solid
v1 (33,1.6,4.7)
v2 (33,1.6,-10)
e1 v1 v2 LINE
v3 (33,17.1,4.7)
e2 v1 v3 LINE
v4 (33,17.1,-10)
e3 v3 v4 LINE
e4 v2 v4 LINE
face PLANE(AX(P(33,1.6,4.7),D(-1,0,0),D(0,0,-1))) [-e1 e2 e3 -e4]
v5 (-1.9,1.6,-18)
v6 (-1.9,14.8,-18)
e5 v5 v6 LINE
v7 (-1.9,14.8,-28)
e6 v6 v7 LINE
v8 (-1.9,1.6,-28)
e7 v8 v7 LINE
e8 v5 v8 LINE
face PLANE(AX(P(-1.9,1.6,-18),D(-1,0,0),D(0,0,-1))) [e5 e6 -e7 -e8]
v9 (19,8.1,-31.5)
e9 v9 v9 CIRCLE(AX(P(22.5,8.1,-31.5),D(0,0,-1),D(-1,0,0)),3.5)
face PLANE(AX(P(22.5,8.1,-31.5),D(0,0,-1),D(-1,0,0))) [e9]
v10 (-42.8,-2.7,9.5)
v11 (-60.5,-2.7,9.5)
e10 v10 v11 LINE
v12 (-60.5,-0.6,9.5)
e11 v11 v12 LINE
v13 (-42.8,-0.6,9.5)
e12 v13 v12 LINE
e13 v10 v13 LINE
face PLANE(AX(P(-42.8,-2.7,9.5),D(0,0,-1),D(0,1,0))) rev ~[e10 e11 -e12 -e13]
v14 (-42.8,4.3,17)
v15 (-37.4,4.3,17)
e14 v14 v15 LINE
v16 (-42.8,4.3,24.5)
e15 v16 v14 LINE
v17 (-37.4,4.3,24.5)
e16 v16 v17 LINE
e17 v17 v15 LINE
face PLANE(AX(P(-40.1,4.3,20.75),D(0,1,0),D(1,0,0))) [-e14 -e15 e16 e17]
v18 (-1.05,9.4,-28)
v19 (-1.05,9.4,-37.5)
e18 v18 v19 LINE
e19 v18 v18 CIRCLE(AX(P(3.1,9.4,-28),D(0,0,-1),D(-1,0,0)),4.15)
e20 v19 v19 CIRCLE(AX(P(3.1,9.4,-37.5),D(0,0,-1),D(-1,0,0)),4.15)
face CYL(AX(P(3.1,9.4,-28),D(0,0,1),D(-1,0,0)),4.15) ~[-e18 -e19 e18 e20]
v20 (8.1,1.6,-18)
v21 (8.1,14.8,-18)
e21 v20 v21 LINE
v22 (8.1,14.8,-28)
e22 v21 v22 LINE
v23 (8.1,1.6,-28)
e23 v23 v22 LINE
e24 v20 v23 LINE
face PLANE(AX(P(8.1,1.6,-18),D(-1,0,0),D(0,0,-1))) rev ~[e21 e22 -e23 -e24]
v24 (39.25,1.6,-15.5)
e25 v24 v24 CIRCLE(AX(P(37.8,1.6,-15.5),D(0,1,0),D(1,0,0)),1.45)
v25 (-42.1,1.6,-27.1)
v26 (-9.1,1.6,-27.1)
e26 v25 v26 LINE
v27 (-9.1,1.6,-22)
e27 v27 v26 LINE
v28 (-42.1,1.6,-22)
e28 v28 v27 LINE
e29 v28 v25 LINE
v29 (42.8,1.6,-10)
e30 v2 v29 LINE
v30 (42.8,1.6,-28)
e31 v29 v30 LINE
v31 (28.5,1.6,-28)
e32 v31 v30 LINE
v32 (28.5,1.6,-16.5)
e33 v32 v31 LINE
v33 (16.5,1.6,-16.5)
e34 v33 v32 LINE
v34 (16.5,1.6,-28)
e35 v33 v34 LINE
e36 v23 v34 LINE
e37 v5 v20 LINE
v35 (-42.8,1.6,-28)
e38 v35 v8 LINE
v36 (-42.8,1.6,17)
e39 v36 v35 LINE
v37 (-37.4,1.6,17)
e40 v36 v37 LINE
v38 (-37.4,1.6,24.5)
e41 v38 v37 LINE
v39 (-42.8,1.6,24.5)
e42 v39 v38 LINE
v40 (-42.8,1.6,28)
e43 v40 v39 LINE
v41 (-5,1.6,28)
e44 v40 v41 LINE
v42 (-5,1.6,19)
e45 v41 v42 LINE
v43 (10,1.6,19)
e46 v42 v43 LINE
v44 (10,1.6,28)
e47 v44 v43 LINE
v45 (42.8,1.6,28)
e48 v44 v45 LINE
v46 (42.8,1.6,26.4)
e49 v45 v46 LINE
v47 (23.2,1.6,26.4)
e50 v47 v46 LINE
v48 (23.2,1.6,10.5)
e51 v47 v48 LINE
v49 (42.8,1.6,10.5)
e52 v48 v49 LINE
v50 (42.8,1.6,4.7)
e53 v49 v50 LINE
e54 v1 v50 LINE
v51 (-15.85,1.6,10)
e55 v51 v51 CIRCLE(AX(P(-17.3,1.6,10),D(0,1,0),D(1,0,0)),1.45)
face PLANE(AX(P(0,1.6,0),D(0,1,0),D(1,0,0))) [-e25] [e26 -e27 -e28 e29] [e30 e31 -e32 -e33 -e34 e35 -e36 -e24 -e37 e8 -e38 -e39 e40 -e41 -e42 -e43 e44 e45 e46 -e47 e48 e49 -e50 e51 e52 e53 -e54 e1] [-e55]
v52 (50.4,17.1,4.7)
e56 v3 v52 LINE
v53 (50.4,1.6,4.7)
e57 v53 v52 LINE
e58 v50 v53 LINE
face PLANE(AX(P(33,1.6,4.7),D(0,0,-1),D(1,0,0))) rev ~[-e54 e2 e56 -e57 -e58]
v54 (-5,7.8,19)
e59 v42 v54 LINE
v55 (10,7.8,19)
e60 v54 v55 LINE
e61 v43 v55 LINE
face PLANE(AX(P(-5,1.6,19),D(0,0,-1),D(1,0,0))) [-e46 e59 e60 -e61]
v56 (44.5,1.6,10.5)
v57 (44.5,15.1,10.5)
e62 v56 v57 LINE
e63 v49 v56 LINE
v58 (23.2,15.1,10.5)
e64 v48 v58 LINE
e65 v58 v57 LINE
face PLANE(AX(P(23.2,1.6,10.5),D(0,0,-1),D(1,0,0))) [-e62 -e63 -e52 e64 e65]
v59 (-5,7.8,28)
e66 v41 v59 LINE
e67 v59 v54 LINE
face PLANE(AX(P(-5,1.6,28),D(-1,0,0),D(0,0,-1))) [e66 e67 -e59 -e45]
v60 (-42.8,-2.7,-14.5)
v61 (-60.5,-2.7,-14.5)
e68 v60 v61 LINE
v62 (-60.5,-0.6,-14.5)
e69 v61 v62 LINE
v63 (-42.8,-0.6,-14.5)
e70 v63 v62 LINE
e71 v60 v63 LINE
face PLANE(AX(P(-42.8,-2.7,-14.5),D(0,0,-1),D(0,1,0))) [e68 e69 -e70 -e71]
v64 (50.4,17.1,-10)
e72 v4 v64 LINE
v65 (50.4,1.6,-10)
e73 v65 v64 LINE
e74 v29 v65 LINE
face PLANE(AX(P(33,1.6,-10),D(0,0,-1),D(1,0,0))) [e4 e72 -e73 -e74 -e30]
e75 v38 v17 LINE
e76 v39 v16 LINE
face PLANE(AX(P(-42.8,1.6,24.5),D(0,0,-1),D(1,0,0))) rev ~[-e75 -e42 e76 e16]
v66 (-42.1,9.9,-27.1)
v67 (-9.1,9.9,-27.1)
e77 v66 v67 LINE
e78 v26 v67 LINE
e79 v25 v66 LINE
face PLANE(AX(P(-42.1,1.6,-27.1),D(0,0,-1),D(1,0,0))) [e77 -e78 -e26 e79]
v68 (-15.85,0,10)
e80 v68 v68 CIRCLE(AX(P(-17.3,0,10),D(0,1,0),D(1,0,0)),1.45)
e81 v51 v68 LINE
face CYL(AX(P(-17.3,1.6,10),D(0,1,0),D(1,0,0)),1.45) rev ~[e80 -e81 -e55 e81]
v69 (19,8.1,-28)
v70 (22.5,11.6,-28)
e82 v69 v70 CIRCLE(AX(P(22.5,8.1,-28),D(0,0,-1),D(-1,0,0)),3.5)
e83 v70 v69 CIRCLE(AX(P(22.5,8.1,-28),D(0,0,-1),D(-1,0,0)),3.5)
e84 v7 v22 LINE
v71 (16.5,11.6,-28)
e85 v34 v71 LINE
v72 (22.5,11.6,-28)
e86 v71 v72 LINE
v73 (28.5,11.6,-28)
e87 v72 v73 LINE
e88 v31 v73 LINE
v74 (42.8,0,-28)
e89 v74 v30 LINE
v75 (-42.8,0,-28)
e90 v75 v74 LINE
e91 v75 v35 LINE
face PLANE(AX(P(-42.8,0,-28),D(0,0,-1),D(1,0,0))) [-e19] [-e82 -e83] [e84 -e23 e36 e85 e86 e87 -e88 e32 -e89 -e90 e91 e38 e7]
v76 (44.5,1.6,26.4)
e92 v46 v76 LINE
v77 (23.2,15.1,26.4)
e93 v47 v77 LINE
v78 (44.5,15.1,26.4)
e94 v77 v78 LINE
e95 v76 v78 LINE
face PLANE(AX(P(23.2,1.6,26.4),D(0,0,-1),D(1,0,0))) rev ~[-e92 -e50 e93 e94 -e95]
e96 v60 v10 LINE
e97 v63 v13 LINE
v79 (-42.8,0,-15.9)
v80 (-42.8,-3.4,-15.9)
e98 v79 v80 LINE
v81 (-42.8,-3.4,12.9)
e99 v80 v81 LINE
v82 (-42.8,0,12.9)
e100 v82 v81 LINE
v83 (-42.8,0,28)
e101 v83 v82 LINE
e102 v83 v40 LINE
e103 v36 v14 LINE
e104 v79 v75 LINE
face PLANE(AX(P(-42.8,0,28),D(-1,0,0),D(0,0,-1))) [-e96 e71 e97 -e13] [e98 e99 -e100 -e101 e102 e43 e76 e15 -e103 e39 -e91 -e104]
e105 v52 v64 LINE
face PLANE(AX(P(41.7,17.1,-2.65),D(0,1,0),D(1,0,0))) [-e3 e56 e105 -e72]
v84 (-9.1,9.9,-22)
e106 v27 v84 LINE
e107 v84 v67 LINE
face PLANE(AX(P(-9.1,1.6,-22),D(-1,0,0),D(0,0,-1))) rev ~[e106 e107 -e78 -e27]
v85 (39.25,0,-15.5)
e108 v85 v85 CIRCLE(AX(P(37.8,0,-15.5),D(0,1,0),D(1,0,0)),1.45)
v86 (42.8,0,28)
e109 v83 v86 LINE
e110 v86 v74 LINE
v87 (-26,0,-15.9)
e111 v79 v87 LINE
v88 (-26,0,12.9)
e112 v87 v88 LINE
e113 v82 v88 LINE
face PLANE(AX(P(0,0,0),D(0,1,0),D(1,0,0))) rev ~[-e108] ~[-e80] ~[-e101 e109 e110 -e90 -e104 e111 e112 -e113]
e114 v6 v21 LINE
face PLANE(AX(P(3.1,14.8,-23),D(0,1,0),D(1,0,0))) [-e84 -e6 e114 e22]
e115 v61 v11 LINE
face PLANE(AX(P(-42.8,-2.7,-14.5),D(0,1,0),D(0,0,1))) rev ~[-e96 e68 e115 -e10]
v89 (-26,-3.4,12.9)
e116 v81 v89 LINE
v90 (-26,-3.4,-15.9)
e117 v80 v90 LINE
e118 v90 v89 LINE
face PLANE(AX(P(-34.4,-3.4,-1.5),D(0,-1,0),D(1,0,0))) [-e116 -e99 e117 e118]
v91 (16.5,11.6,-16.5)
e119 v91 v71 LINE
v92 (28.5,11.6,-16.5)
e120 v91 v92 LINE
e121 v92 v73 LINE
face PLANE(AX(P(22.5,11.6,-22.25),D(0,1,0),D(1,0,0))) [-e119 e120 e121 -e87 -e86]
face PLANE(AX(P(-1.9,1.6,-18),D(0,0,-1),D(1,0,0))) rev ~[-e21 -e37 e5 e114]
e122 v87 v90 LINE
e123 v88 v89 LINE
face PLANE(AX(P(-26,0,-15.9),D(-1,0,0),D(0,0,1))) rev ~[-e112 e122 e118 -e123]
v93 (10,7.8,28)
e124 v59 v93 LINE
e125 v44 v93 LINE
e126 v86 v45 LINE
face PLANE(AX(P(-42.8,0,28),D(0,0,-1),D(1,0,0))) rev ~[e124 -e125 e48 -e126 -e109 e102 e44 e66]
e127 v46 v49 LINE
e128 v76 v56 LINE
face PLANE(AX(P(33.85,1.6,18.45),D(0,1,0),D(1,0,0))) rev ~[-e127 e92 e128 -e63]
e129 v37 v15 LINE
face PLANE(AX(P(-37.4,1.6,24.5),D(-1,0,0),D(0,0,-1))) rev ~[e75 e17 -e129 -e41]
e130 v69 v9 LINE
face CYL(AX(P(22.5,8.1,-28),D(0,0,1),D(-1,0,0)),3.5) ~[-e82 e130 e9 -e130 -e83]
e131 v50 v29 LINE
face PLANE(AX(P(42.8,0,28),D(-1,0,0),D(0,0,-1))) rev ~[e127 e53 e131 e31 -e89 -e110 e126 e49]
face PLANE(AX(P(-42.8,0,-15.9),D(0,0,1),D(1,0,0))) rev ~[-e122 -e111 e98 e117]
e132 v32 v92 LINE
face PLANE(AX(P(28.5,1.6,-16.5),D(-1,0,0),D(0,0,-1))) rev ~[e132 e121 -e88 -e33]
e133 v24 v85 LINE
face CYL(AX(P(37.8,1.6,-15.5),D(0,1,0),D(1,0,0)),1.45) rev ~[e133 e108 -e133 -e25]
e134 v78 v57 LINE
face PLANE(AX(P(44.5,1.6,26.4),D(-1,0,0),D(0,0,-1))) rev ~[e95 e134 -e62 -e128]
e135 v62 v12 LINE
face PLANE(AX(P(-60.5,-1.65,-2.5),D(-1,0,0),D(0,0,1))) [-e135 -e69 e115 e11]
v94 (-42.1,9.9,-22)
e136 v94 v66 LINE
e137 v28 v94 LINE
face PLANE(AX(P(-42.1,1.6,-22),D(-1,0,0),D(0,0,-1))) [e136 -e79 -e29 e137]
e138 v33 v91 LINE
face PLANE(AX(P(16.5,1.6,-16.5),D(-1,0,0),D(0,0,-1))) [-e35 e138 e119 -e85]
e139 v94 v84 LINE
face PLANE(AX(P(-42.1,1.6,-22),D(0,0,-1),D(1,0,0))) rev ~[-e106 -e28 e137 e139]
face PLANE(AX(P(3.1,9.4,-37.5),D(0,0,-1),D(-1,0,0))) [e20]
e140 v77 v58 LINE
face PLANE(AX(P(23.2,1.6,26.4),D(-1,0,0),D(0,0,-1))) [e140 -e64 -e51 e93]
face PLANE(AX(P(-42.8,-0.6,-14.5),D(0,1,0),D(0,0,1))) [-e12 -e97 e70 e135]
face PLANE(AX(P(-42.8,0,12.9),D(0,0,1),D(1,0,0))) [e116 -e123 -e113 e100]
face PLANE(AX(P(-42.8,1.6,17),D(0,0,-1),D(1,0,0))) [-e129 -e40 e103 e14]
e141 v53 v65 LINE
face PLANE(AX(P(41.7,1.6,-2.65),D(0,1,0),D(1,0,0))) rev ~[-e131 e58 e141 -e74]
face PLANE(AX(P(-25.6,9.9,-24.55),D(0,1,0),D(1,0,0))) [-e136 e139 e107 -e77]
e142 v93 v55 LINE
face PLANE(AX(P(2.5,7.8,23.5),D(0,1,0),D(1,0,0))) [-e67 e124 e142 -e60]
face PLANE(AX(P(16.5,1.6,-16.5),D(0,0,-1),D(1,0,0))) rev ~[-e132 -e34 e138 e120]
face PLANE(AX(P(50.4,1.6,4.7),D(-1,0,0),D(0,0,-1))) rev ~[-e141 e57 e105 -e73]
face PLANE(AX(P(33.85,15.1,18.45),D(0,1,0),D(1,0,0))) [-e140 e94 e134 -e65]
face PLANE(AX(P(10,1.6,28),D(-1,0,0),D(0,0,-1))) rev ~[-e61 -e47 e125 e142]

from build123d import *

# Parameters (mm, degrees)
SKETCH1_W            = 85.6
SKETCH1_H            = 56
BOSS_EXTRUDE1_DEPTH  = 1.6
SKETCH2_W            = 21.3
SKETCH2_H            = 15.9
BOSS_EXTRUDE2_DEPTH  = 13.5
SKETCH3_W            = 17.4
SKETCH3_H            = 14.7
BOSS_EXTRUDE3_DEPTH  = 15.5
SKETCH4_W            = 16.8
SKETCH4_H            = 28.8
BOSS_EXTRUDE4_DEPTH  = 3.4
SKETCH5_W            = 24
SKETCH5_H            = 2.1
BOSS_EXTRUDE5_DEPTH  = 17.7
SKETCH6_W            = 10
SKETCH6_H            = 10
BOSS_EXTRUDE6_DEPTH  = 13.2
SKETCH7_R            = 4.15
BOSS_EXTRUDE7_DEPTH  = 9.5
SKETCH8_W            = 12
SKETCH8_H            = 11.5
BOSS_EXTRUDE8_DEPTH  = 10
SKETCH9_R            = 3.5
BOSS_EXTRUDE9_DEPTH  = 3.5
SKETCH10_W           = 33
SKETCH10_H           = 5.1
BOSS_EXTRUDE10_DEPTH = 8.3
SKETCH11_W           = 5.4
SKETCH11_H           = 7.5
BOSS_EXTRUDE11_DEPTH = 2.7
SKETCH12_W           = 15
SKETCH12_H           = 9
BOSS_EXTRUDE12_DEPTH = 6.2
SKETCH13_R           = 1.45
CUT_EXTRUDE1_DEPTH   = 6


with BuildPart() as part:
    # Sketch1 → Boss-Extrude1 (new body)
    with BuildSketch(Plane(origin=(0, 0, 0), x_dir=(1, 0, 0), z_dir=(0, 1, 0))):
        Rectangle(SKETCH1_W, SKETCH1_H)
    extrude(amount=BOSS_EXTRUDE1_DEPTH)

    # Sketch2 → Boss-Extrude2 (add)
    with BuildSketch(Plane(origin=(0, 1.6, 0), x_dir=(1, 0, 0), z_dir=(0, 1, 0))):
        with Locations((33.85, -18.45)):
            Rectangle(SKETCH2_W, SKETCH2_H)
    extrude(amount=BOSS_EXTRUDE2_DEPTH)

    # Sketch3 → Boss-Extrude3 (add)
    with BuildSketch(Plane(origin=(0, 1.6, 0), x_dir=(1, 0, 0), z_dir=(0, 1, 0))):
        with Locations((41.7, 2.65)):
            Rectangle(SKETCH3_W, SKETCH3_H)
    extrude(amount=BOSS_EXTRUDE3_DEPTH)

    # Sketch4 → Boss-Extrude4 (add)
    with BuildSketch(Plane.XZ):
        with Locations((-34.4, -1.5)):
            Rectangle(SKETCH4_W, SKETCH4_H)
    extrude(amount=BOSS_EXTRUDE4_DEPTH)

    # Sketch5 → Boss-Extrude5 (add)
    with BuildSketch(Plane.ZY.offset(42.8)):
        with Locations((-2.5, -1.65)):
            Rectangle(SKETCH5_W, SKETCH5_H)
    extrude(amount=BOSS_EXTRUDE5_DEPTH)

    # Sketch6 → Boss-Extrude6 (add)
    with BuildSketch(Plane(origin=(0, 1.6, 0), x_dir=(1, 0, 0), z_dir=(0, 1, 0))):
        with Locations((3.1, 23)):
            Rectangle(SKETCH6_W, SKETCH6_H)
    extrude(amount=BOSS_EXTRUDE6_DEPTH)

    # Sketch7 → Boss-Extrude7 (add)
    with BuildSketch(Plane(origin=(0, 0, -28), x_dir=(-1, 0, 0), z_dir=(0, 0, -1))):
        with Locations((-3.1, 9.4)):
            Circle(SKETCH7_R)
    extrude(amount=BOSS_EXTRUDE7_DEPTH)

    # Sketch8 → Boss-Extrude8 (add)
    with BuildSketch(Plane(origin=(0, 1.6, 0), x_dir=(1, 0, 0), z_dir=(0, 1, 0))):
        with Locations((22.5, 22.25)):
            Rectangle(SKETCH8_W, SKETCH8_H)
    extrude(amount=BOSS_EXTRUDE8_DEPTH)

    # Sketch9 → Boss-Extrude9 (add)
    with BuildSketch(Plane(origin=(0, 0, -28), x_dir=(-1, 0, 0), z_dir=(0, 0, -1))):
        with Locations((-22.5, 8.1)):
            Circle(SKETCH9_R)
    extrude(amount=BOSS_EXTRUDE9_DEPTH)

    # Sketch10 → Boss-Extrude10 (add)
    with BuildSketch(Plane(origin=(0, 1.6, 0), x_dir=(1, 0, 0), z_dir=(0, 1, 0))):
        with Locations((-25.6, 24.55)):
            Rectangle(SKETCH10_W, SKETCH10_H)
    extrude(amount=BOSS_EXTRUDE10_DEPTH)

    # Sketch11 → Boss-Extrude11 (add)
    with BuildSketch(Plane(origin=(0, 1.6, 0), x_dir=(1, 0, 0), z_dir=(0, 1, 0))):
        with Locations((-40.1, -20.75)):
            Rectangle(SKETCH11_W, SKETCH11_H)
    extrude(amount=BOSS_EXTRUDE11_DEPTH)

    # Sketch12 → Boss-Extrude12 (add)
    with BuildSketch(Plane(origin=(0, 1.6, 0), x_dir=(1, 0, 0), z_dir=(0, 1, 0))):
        with Locations((2.5, -23.5)):
            Rectangle(SKETCH12_W, SKETCH12_H)
    extrude(amount=BOSS_EXTRUDE12_DEPTH)

    # Sketch13 → Cut-Extrude1 (cut, through all)
    with BuildSketch(Plane(origin=(0, 1.6, 0), x_dir=(1, 0, 0), z_dir=(0, 1, 0))):
        with Locations((-17.3, -10)):
            Circle(SKETCH13_R)
        with Locations((37.8, 15.5)):
            Circle(SKETCH13_R)
    extrude(amount=-CUT_EXTRUDE1_DEPTH, mode=Mode.SUBTRACT)


solid = part.part
